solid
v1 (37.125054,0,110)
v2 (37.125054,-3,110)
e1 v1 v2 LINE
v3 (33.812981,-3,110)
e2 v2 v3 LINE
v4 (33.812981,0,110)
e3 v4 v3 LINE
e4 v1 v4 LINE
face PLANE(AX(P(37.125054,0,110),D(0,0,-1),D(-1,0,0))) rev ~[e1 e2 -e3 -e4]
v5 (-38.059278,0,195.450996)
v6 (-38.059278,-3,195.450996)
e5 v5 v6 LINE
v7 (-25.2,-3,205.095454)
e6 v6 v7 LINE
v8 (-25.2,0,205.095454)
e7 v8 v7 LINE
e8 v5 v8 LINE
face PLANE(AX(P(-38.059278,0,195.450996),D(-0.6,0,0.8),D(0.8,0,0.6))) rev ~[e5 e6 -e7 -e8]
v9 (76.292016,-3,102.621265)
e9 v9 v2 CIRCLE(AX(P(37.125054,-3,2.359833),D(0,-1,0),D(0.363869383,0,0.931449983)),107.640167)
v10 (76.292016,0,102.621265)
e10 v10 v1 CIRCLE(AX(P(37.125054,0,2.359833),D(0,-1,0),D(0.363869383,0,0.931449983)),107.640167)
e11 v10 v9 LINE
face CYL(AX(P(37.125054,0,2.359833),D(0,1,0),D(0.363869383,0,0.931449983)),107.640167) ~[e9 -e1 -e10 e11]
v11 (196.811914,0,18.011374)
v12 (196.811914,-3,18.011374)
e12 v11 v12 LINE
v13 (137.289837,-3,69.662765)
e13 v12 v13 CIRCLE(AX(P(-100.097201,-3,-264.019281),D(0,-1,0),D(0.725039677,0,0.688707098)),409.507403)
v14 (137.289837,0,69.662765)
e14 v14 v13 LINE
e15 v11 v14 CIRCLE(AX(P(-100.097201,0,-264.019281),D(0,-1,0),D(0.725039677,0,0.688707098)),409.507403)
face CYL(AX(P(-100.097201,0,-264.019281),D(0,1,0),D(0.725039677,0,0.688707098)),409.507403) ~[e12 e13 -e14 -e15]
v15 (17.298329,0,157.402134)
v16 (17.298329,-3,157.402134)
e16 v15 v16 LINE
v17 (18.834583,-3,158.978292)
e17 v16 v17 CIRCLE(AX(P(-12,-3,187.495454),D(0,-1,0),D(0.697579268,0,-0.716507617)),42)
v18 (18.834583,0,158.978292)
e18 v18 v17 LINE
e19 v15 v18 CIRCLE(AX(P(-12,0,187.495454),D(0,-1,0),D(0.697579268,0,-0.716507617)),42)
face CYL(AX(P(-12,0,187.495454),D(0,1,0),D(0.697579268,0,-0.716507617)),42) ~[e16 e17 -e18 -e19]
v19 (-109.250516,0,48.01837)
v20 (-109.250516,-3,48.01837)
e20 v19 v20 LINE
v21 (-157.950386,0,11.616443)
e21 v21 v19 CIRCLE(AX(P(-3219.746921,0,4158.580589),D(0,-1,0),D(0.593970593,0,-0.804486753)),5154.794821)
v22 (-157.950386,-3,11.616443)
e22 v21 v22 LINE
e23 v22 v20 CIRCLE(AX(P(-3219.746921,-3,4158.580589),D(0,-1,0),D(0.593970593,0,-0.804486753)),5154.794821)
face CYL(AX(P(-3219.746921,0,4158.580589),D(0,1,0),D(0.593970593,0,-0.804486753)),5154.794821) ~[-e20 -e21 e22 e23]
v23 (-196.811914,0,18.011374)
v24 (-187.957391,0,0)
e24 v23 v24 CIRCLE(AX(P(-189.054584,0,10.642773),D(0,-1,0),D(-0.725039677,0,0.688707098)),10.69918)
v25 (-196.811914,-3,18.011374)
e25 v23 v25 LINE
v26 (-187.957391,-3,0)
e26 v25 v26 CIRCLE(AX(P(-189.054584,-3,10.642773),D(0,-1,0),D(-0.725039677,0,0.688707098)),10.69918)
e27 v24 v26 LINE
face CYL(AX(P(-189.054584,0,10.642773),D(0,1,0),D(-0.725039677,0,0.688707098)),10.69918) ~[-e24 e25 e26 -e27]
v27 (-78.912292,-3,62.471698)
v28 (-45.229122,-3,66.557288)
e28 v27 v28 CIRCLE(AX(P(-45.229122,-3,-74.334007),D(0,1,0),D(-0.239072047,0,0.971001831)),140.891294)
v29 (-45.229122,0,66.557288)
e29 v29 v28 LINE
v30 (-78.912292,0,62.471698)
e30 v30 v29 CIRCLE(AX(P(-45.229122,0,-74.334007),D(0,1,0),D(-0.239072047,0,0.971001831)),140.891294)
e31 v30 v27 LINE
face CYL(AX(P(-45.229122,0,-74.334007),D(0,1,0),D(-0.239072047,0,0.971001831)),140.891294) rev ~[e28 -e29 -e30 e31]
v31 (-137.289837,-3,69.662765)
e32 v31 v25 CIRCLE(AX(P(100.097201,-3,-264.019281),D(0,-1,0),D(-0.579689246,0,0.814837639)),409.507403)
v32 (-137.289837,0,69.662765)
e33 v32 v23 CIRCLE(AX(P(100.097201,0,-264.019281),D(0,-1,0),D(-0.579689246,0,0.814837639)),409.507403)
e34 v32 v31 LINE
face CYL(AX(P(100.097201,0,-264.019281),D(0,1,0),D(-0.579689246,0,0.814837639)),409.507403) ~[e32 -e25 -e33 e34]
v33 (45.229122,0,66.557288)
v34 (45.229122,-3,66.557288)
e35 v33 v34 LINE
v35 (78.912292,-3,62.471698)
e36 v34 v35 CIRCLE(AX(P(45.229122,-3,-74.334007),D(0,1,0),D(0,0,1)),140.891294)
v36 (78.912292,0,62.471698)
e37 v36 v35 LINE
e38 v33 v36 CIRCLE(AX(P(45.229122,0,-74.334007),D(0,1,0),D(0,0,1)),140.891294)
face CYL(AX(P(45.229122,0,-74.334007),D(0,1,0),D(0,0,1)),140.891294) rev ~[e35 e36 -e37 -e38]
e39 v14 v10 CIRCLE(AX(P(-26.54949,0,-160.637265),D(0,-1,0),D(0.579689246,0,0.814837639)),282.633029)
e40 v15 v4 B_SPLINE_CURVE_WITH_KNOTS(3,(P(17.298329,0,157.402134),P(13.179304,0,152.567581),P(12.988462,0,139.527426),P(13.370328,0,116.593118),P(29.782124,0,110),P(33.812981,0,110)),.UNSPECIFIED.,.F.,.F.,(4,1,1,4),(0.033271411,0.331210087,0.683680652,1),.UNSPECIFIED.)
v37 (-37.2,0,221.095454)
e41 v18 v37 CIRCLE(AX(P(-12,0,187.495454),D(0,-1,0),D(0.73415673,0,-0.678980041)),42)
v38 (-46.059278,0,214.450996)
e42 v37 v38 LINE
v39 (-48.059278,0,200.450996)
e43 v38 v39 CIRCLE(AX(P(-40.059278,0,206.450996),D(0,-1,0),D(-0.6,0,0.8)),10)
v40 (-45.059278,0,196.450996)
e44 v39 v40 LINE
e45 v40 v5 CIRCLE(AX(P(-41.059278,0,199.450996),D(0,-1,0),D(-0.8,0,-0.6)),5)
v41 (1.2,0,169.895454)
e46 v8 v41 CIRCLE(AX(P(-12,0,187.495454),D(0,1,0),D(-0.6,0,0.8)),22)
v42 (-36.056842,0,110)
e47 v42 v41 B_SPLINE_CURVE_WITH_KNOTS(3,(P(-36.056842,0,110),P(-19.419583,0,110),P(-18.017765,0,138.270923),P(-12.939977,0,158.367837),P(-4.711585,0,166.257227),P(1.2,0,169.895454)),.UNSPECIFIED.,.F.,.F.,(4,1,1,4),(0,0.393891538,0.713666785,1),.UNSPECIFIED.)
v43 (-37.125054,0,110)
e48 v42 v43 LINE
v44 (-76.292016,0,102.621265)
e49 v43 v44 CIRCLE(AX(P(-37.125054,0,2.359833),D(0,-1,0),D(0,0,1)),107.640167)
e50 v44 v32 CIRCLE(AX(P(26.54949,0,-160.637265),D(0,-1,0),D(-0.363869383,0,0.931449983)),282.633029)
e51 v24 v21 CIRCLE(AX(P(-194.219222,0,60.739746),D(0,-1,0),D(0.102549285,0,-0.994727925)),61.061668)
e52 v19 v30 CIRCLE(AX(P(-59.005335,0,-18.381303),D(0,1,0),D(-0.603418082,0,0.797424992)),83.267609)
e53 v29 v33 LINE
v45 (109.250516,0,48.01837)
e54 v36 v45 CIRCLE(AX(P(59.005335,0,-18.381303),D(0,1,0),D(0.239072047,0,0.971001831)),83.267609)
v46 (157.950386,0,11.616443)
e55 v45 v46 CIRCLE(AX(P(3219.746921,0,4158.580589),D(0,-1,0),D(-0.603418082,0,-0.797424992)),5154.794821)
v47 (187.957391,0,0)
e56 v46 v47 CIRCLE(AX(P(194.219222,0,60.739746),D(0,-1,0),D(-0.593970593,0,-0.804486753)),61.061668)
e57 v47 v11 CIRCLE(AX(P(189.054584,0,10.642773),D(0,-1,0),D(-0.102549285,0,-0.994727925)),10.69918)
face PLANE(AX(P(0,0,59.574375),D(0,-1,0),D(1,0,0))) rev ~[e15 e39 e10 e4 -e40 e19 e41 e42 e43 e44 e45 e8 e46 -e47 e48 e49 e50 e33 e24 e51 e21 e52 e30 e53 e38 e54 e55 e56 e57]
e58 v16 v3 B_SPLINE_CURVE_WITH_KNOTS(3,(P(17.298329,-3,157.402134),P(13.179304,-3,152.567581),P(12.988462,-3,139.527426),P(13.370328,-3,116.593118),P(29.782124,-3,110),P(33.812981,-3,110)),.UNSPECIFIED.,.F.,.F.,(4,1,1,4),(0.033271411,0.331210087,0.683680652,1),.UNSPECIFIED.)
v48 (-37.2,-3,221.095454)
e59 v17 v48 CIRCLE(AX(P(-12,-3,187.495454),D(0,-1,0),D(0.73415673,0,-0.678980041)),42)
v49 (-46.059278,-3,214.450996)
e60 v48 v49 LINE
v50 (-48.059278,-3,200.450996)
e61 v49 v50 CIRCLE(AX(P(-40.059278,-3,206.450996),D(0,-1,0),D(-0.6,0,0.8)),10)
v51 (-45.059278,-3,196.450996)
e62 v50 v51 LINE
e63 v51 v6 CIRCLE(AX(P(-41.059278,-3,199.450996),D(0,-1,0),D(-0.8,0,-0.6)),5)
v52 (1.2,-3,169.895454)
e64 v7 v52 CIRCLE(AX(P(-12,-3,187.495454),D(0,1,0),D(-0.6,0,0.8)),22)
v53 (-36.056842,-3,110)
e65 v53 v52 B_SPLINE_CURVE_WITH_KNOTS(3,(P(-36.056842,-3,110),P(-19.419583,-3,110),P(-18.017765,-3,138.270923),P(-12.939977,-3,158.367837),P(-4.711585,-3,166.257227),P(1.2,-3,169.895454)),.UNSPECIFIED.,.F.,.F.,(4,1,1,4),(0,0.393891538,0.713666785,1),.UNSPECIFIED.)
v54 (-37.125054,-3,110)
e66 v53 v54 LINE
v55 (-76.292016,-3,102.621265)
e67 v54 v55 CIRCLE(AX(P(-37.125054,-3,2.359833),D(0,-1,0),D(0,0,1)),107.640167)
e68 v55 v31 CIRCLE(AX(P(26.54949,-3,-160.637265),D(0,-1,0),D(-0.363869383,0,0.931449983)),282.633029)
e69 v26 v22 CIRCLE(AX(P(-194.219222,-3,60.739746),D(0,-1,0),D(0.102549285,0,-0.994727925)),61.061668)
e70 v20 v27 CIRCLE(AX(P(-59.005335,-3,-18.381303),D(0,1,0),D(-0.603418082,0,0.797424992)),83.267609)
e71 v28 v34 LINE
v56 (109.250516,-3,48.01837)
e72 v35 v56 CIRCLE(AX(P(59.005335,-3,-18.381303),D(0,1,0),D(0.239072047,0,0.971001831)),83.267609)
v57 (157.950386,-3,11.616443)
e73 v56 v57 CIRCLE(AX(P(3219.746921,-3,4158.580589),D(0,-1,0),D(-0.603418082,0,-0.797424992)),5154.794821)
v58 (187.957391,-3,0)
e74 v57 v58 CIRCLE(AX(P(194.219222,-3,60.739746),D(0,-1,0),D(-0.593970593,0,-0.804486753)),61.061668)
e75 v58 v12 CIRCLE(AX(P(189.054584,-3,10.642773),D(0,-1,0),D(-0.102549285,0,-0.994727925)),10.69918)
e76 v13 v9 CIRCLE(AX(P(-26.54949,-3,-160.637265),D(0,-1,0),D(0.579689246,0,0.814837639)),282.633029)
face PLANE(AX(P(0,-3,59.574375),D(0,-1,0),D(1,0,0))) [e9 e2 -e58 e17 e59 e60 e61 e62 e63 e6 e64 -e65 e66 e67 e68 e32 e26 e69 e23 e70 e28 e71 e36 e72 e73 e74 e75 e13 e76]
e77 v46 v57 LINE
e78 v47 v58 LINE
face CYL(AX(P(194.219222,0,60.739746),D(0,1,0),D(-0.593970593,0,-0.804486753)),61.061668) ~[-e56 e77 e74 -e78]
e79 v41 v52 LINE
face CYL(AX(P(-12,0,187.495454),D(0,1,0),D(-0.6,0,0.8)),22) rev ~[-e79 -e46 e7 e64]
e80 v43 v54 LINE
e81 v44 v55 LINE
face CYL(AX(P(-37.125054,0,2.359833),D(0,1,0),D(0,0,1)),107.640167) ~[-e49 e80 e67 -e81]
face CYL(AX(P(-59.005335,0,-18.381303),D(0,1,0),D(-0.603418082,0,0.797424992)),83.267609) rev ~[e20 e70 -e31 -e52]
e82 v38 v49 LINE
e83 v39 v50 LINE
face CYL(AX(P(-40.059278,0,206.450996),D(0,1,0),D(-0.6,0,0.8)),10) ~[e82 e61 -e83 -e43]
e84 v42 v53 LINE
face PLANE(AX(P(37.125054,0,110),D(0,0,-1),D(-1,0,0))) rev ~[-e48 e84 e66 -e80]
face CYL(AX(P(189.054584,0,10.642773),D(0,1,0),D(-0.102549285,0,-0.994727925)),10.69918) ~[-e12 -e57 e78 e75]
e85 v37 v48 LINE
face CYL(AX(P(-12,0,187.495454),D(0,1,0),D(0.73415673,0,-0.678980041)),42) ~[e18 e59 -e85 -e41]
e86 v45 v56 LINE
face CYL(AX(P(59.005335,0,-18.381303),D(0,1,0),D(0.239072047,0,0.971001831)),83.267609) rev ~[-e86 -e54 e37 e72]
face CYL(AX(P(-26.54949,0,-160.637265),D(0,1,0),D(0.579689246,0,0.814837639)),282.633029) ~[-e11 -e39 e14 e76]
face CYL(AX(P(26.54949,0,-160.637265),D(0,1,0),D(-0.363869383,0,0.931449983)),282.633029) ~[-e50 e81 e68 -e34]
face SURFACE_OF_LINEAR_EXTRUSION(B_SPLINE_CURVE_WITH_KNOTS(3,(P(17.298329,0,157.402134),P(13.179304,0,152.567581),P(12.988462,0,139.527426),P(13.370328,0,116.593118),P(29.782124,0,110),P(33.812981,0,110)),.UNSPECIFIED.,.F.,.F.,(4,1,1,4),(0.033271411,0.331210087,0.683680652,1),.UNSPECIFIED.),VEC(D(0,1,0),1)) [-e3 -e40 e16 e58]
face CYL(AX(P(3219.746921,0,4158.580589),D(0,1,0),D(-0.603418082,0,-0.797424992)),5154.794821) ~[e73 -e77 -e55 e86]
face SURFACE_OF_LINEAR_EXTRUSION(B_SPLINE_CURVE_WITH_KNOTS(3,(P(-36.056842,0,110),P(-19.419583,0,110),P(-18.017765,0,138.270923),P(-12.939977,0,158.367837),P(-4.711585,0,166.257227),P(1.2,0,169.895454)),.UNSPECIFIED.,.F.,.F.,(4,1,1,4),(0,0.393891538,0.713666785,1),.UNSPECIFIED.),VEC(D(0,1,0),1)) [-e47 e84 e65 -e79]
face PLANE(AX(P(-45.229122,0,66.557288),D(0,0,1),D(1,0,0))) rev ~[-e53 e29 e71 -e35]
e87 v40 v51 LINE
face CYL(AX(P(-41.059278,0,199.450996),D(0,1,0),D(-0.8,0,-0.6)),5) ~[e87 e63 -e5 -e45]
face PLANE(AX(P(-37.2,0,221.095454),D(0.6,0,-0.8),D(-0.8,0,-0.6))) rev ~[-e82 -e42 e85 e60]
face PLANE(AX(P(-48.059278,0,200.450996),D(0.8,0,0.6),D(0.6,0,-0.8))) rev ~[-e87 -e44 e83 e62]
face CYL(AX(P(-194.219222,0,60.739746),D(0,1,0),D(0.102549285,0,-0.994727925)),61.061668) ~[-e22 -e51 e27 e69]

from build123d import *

# Parameters (mm, degrees)
F2_DEPTH = 3
F3_DEPTH = 3


with BuildPart() as f2:
    # F0 (on Front) → F2 (new body)
    with BuildSketch(Plane.XZ):
        with BuildLine():
            Line((0, 110), (-37.1250543006, 110))
            ThreePointArc((-37.1250543006, 110), (-57.0530283082, 108.1392327186), (-76.2920156121, 102.6212647557))
            ThreePointArc((-76.2920156121, 102.6212647557), (-107.8053845023, 88.0195194413), (-137.2898370028, 69.6627646685))
            ThreePointArc((-137.2898370028, 69.6627646685), (-168.2962814604, 45.2722513622), (-196.811914444, 18.0113743991))
            ThreePointArc((-196.811914444, 18.0113743991), (-198.6562382919, 5.922529929), (-187.9573911428, 0))
            ThreePointArc((-187.9573911428, 0), (-172.1749520727, 3.7961120216), (-157.950386405, 11.6164432839))
            ThreePointArc((-157.950386405, 11.6164432839), (-133.5467802063, 29.7456036712), (-109.2505156994, 48.0183698237))
            ThreePointArc((-109.2505156994, 48.0183698237), (-94.8181161846, 56.7914277787), (-78.9122924344, 62.4716982356))
            ThreePointArc((-78.9122924344, 62.4716982356), (-62.1941450585, 65.5321609692), (-45.2291222508, 66.5572877705))
            Line((-45.2291222508, 66.5572877705), (0, 66.5572877705))
            Line((0, 66.5572877705), (45.2291222508, 66.5572877705))
            ThreePointArc((45.2291222508, 66.5572877705), (62.1941450585, 65.5321609692), (78.9122924344, 62.4716982356))
            ThreePointArc((78.9122924344, 62.4716982356), (94.8181161846, 56.7914277787), (109.2505156994, 48.0183698237))
            ThreePointArc((109.2505156994, 48.0183698237), (133.5467802063, 29.7456036712), (157.950386405, 11.6164432839))
            ThreePointArc((157.950386405, 11.6164432839), (172.1749520727, 3.7961120216), (187.9573911428, 0))
            ThreePointArc((187.9573911428, 0), (198.6562382919, 5.922529929), (196.811914444, 18.0113743991))
            ThreePointArc((196.811914444, 18.0113743991), (168.2962814604, 45.2722513622), (137.2898370028, 69.6627646685))
            ThreePointArc((137.2898370028, 69.6627646685), (107.8053845023, 88.0195194413), (76.2920156121, 102.6212647557))
            ThreePointArc((76.2920156121, 102.6212647557), (57.0530283082, 108.1392327186), (37.1250543006, 110))
            Line((37.1250543006, 110), (0, 110))
        make_face()
    extrude(amount=F2_DEPTH)

    # F1 (on Front) → F3 (join)
    with BuildSketch(Plane.XZ):
        with BuildLine():
            ThreePointArc((18.8345826463, 158.9782924416), (19.1860958712, 215.6277740938), (-37.2, 221.0954541697))
            Line((-37.2, 221.0954541697), (-46.0592777571, 214.4509958519))
            ThreePointArc((-46.0592777571, 214.4509958519), (-49.9587726937, 207.8652094143), (-48.0592777571, 200.4509958519))
            Line((-48.0592777571, 200.4509958519), (-45.0592777571, 196.4509958519))
            ThreePointArc((-45.0592777571, 196.4509958519), (-41.7663845383, 194.5012483836), (-38.0592777571, 195.4509958519))
            Line((-38.0592777571, 195.4509958519), (-25.2, 205.0954541697))
            ThreePointArc((-25.2, 205.0954541697), (5.6, 200.6954541697), (1.2, 169.8954541697))
            ThreePointArc((1.2, 169.8954541697), (-5.571825393, 161.7813668662), (-8, 151.4954541697))
            Line((-8, 151.4954541697), (-8, 110))
            Line((-8, 110), (0, 110))
            Line((0, 110), (12, 110))
            Line((12, 110), (12, 151.4954541697))
            ThreePointArc((12, 151.4954541697), (12.316718427, 152.8370949562), (13.2, 153.8954541697))
            ThreePointArc((13.2, 153.8954541697), (15.3055154559, 155.5829358472), (17.2983292582, 157.4021342685))
            add(Edge.make_bspline(
                [(18.8345826463, 158.9782924416), (18.2685657224, 158.4677005018), (17.7583091445, 157.9420185701), (17.2983292582, 157.4021342685)],
                knots=[0, 0, 0, 0, 0.0332714109, 0.0332714109, 0.0332714109, 0.0332714109], degree=3))
        make_face()
        with BuildLine():
            ThreePointArc((17.2983292582, 157.4021342685), (18.0767824439, 158.180148307), (18.8345826463, 158.9782924416))
            add(Edge.make_bspline(
                [(18.8345826463, 158.9782924416), (18.2685657224, 158.4677005018), (17.7583091445, 157.9420185701), (17.2983292582, 157.4021342685)],
                knots=[0, 0, 0, 0, 0.0332714109, 0.0332714109, 0.0332714109, 0.0332714109], degree=3))
        make_face()
        with BuildLine():
            add(Edge.make_bspline(
                [(17.2983292582, 157.4021342685), (13.1793035086, 152.5675808311), (12.9884623094, 139.527426253), (13.3703276725, 116.5931182655), (29.7821242027, 110), (33.8129806474, 110)],
                knots=[0.0332714109, 0.0332714109, 0.0332714109, 0.0332714109, 0.3312100872, 0.6836806519, 1, 1, 1, 1], degree=3))
            ThreePointArc((17.2983292582, 157.4021342685), (15.3055154559, 155.5829358472), (13.2, 153.8954541697))
            ThreePointArc((13.2, 153.8954541697), (12.316718427, 152.8370949562), (12, 151.4954541697))
            Line((12, 151.4954541697), (12, 110))
            Line((12, 110), (33.8129806474, 110))
        make_face()
        with BuildLine():
            ThreePointArc((-8, 151.4954541697), (-5.571825393, 161.7813668662), (1.2, 169.8954541697))
            add(Edge.make_bspline(
                [(-36.0568419915, 110), (-19.4195834096, 110), (-18.0177646467, 138.2709232819), (-12.939977235, 158.3678372994), (-4.7115848759, 166.2572265506), (1.2, 169.8954541697)],
                knots=[0, 0, 0, 0, 0.3938915377, 0.7136667849, 1, 1, 1, 1], degree=3))
            Line((-36.0568419915, 110), (-8, 110))
            Line((-8, 110), (-8, 151.4954541697))
        make_face()
    extrude(amount=F3_DEPTH)


solid = f2.part
